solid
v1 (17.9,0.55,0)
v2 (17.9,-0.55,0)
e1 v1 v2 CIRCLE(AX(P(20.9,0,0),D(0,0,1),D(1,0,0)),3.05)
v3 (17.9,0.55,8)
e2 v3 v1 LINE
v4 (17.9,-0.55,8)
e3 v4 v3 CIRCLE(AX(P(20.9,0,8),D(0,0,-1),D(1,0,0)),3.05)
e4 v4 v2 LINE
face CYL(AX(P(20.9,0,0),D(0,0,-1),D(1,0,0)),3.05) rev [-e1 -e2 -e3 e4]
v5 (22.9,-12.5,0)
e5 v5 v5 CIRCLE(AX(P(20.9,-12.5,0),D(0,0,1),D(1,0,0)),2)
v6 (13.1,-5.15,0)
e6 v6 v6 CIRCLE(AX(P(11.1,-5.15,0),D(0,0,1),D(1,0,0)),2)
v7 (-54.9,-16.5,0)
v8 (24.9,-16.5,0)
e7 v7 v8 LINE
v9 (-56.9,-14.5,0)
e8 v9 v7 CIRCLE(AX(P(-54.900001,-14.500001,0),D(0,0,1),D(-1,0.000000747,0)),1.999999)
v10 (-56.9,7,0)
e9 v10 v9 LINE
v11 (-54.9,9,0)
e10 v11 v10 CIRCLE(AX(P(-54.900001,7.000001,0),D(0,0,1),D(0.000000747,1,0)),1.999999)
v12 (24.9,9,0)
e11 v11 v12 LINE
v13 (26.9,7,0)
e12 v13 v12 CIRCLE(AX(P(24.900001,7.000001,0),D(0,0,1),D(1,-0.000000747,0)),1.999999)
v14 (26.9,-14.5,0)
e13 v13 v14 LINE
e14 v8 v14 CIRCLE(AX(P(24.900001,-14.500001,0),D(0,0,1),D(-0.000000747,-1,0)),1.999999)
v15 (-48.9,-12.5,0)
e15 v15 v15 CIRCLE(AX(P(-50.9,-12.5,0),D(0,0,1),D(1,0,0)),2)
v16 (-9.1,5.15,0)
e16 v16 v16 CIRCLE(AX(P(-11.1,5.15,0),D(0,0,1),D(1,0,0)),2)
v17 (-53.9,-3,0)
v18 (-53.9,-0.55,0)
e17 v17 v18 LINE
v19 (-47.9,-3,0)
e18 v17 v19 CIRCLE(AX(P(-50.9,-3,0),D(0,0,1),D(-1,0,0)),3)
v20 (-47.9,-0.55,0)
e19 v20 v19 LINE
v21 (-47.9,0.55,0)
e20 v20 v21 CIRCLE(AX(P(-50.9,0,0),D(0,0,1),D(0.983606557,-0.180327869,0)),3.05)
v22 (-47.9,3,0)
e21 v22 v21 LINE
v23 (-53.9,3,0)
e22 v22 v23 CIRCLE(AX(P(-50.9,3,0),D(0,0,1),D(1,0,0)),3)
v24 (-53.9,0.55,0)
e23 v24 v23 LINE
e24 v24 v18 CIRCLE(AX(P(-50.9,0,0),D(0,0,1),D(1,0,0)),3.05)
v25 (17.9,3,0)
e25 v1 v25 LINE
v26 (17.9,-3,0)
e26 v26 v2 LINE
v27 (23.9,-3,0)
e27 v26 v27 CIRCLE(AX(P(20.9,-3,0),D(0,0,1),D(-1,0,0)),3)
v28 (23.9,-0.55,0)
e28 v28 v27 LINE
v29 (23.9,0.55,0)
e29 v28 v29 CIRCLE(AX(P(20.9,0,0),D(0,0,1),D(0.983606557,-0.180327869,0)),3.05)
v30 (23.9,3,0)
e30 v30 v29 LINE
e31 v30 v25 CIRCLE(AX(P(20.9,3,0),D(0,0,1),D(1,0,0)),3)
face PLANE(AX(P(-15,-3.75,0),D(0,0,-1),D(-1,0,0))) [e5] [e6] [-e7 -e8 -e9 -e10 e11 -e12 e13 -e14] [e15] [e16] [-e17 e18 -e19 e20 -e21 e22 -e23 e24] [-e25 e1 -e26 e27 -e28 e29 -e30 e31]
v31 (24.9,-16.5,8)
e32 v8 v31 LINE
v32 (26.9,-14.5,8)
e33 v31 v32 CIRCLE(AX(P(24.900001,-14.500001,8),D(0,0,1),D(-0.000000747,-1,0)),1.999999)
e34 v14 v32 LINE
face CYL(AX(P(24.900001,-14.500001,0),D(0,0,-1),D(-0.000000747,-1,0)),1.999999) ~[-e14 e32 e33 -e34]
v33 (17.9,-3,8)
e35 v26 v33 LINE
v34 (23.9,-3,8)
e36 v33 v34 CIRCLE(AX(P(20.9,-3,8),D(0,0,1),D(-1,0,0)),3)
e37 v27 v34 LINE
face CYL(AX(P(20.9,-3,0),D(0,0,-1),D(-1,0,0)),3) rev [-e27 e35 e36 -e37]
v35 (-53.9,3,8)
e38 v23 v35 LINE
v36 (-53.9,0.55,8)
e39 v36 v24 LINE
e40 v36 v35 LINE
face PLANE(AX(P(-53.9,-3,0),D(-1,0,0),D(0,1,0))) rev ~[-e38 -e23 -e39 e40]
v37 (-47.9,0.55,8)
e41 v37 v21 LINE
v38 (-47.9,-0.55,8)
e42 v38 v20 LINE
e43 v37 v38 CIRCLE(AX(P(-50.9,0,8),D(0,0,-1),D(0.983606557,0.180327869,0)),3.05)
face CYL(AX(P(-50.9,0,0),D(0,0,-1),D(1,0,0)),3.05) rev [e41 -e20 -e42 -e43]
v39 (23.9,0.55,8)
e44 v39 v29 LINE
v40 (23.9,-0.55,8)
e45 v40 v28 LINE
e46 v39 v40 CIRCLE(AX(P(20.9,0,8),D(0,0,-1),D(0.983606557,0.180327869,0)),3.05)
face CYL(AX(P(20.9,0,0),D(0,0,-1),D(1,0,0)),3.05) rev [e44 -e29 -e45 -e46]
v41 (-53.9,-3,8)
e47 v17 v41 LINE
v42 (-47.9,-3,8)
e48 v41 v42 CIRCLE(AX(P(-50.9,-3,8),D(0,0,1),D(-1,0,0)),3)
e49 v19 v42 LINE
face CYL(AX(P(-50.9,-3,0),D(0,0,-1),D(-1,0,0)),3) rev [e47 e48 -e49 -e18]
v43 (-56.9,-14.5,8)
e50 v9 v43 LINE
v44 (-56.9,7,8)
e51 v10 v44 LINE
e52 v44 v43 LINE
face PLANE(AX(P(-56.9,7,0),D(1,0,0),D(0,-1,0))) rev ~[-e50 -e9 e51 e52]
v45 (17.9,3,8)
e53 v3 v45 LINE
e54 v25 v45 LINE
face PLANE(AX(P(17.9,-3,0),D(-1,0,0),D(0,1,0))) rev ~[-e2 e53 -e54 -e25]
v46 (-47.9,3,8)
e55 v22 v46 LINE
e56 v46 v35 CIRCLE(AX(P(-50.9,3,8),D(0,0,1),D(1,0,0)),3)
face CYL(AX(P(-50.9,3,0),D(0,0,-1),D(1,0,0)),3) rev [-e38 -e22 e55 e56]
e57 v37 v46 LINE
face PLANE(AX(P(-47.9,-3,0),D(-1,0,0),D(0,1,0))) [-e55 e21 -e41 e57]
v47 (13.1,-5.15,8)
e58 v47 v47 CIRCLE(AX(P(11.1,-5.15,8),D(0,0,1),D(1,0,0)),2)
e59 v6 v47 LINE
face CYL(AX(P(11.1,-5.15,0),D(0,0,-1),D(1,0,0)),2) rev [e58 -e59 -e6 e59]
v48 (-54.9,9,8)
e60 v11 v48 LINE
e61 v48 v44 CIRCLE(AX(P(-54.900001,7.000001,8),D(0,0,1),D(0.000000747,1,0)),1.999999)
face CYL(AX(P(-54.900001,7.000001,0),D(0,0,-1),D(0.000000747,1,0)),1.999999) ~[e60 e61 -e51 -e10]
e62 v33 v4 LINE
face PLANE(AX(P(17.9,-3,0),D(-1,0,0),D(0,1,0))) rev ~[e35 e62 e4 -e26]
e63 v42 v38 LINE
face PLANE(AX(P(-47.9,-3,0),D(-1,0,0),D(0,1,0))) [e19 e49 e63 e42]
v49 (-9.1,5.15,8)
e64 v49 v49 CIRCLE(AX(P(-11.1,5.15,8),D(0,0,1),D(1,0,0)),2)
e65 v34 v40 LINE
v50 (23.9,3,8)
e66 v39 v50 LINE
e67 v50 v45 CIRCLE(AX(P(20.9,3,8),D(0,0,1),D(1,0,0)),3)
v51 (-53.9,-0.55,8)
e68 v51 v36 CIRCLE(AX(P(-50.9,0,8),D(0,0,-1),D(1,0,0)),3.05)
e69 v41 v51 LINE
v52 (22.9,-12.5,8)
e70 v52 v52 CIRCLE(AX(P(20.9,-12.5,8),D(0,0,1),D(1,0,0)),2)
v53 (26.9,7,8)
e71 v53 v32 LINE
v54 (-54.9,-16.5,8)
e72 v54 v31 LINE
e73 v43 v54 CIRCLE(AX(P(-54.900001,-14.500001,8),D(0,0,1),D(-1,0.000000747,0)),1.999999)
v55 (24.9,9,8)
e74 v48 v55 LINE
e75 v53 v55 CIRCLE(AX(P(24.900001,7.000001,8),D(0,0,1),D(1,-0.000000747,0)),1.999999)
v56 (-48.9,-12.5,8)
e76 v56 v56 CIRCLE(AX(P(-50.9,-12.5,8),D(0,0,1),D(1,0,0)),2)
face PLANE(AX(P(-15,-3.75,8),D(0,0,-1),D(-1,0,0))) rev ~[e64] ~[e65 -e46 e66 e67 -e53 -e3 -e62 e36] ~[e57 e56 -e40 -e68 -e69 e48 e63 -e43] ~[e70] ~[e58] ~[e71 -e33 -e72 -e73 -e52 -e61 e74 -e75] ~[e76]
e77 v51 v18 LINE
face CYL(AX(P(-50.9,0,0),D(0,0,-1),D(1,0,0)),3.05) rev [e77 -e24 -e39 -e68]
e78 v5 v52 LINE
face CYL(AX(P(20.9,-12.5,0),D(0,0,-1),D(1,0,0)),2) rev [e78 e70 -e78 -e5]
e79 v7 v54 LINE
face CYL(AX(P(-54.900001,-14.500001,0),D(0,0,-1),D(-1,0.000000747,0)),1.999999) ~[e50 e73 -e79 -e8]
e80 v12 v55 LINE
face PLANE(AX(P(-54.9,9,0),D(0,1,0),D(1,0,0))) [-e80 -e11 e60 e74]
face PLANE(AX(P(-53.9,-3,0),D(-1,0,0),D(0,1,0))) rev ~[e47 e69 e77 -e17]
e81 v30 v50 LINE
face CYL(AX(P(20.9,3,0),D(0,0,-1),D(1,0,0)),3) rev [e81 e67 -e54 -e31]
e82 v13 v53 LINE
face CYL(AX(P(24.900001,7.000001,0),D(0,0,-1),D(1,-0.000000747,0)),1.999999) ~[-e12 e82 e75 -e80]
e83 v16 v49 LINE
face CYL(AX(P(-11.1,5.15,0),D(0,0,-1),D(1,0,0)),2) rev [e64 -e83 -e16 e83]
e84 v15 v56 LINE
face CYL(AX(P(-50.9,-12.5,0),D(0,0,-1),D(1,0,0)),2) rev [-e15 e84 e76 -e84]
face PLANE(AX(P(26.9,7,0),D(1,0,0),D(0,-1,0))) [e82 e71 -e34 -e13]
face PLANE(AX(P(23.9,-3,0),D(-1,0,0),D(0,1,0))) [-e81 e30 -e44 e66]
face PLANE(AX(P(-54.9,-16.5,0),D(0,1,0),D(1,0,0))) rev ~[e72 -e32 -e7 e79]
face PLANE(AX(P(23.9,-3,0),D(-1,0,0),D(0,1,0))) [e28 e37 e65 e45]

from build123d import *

# Parameters (mm, degrees)
SKETCH_R          = 2
PAD_DEPTH         = 8
SKETCH001_R       = 3.05
POCKET_DEPTH      = 0.001
POCKET_DEPTH_BACK = 8.001


with BuildPart() as part:
    # Sketch → Pad (new body)
    with BuildSketch(Plane.XY):
        with BuildLine():
            Line((-54.9, 9), (24.9, 9))
            ThreePointArc((26.9, 7), (26.314214, 8.414214), (24.9, 9))
            Line((26.9, 7), (26.9, -14.5))
            ThreePointArc((24.9, -16.5), (26.314214, -15.914214), (26.9, -14.5))
            Line((-54.9, -16.5), (24.9, -16.5))
            ThreePointArc((-56.9, -14.5), (-56.314214, -15.914214), (-54.9, -16.5))
            Line((-56.9, 7), (-56.9, -14.5))
            ThreePointArc((-54.9, 9), (-56.314214, 8.414214), (-56.9, 7))
        make_face()
        with Locations((-11.1, 5.15)):
            Circle(SKETCH_R, mode=Mode.SUBTRACT)
        with Locations((11.1, -5.15)):
            Circle(SKETCH_R, mode=Mode.SUBTRACT)
        with Locations((-50.9, -12.5)):
            Circle(SKETCH_R, mode=Mode.SUBTRACT)
        with Locations((20.9, -12.5)):
            Circle(SKETCH_R, mode=Mode.SUBTRACT)
        with BuildLine():
            ThreePointArc((-53.9, -3), (-50.9, -6), (-47.9, -3))
            Line((-47.9, -3), (-47.9, 3))
            ThreePointArc((-47.9, 3), (-50.9, 6), (-53.9, 3))
            Line((-53.9, -3), (-53.9, 3))
        make_face(mode=Mode.SUBTRACT)
        with BuildLine():
            ThreePointArc((17.9, -3), (20.9, -6), (23.9, -3))
            Line((23.9, -3), (23.9, 3))
            ThreePointArc((23.9, 3), (20.9, 6), (17.9, 3))
            Line((17.9, -3), (17.9, 3))
        make_face(mode=Mode.SUBTRACT)
    extrude(amount=PAD_DEPTH)

    # Sketch001 → Pocket (cut, two sides)
    with BuildSketch(Plane.XY) as pocket_sk:
        with Locations((-50.9, 0)):
            Circle(SKETCH001_R)
        with Locations((20.9, 0)):
            Circle(SKETCH001_R)
    extrude(amount=-POCKET_DEPTH, mode=Mode.SUBTRACT)
    extrude(pocket_sk.sketch, amount=POCKET_DEPTH_BACK, mode=Mode.SUBTRACT)


solid = part.part
